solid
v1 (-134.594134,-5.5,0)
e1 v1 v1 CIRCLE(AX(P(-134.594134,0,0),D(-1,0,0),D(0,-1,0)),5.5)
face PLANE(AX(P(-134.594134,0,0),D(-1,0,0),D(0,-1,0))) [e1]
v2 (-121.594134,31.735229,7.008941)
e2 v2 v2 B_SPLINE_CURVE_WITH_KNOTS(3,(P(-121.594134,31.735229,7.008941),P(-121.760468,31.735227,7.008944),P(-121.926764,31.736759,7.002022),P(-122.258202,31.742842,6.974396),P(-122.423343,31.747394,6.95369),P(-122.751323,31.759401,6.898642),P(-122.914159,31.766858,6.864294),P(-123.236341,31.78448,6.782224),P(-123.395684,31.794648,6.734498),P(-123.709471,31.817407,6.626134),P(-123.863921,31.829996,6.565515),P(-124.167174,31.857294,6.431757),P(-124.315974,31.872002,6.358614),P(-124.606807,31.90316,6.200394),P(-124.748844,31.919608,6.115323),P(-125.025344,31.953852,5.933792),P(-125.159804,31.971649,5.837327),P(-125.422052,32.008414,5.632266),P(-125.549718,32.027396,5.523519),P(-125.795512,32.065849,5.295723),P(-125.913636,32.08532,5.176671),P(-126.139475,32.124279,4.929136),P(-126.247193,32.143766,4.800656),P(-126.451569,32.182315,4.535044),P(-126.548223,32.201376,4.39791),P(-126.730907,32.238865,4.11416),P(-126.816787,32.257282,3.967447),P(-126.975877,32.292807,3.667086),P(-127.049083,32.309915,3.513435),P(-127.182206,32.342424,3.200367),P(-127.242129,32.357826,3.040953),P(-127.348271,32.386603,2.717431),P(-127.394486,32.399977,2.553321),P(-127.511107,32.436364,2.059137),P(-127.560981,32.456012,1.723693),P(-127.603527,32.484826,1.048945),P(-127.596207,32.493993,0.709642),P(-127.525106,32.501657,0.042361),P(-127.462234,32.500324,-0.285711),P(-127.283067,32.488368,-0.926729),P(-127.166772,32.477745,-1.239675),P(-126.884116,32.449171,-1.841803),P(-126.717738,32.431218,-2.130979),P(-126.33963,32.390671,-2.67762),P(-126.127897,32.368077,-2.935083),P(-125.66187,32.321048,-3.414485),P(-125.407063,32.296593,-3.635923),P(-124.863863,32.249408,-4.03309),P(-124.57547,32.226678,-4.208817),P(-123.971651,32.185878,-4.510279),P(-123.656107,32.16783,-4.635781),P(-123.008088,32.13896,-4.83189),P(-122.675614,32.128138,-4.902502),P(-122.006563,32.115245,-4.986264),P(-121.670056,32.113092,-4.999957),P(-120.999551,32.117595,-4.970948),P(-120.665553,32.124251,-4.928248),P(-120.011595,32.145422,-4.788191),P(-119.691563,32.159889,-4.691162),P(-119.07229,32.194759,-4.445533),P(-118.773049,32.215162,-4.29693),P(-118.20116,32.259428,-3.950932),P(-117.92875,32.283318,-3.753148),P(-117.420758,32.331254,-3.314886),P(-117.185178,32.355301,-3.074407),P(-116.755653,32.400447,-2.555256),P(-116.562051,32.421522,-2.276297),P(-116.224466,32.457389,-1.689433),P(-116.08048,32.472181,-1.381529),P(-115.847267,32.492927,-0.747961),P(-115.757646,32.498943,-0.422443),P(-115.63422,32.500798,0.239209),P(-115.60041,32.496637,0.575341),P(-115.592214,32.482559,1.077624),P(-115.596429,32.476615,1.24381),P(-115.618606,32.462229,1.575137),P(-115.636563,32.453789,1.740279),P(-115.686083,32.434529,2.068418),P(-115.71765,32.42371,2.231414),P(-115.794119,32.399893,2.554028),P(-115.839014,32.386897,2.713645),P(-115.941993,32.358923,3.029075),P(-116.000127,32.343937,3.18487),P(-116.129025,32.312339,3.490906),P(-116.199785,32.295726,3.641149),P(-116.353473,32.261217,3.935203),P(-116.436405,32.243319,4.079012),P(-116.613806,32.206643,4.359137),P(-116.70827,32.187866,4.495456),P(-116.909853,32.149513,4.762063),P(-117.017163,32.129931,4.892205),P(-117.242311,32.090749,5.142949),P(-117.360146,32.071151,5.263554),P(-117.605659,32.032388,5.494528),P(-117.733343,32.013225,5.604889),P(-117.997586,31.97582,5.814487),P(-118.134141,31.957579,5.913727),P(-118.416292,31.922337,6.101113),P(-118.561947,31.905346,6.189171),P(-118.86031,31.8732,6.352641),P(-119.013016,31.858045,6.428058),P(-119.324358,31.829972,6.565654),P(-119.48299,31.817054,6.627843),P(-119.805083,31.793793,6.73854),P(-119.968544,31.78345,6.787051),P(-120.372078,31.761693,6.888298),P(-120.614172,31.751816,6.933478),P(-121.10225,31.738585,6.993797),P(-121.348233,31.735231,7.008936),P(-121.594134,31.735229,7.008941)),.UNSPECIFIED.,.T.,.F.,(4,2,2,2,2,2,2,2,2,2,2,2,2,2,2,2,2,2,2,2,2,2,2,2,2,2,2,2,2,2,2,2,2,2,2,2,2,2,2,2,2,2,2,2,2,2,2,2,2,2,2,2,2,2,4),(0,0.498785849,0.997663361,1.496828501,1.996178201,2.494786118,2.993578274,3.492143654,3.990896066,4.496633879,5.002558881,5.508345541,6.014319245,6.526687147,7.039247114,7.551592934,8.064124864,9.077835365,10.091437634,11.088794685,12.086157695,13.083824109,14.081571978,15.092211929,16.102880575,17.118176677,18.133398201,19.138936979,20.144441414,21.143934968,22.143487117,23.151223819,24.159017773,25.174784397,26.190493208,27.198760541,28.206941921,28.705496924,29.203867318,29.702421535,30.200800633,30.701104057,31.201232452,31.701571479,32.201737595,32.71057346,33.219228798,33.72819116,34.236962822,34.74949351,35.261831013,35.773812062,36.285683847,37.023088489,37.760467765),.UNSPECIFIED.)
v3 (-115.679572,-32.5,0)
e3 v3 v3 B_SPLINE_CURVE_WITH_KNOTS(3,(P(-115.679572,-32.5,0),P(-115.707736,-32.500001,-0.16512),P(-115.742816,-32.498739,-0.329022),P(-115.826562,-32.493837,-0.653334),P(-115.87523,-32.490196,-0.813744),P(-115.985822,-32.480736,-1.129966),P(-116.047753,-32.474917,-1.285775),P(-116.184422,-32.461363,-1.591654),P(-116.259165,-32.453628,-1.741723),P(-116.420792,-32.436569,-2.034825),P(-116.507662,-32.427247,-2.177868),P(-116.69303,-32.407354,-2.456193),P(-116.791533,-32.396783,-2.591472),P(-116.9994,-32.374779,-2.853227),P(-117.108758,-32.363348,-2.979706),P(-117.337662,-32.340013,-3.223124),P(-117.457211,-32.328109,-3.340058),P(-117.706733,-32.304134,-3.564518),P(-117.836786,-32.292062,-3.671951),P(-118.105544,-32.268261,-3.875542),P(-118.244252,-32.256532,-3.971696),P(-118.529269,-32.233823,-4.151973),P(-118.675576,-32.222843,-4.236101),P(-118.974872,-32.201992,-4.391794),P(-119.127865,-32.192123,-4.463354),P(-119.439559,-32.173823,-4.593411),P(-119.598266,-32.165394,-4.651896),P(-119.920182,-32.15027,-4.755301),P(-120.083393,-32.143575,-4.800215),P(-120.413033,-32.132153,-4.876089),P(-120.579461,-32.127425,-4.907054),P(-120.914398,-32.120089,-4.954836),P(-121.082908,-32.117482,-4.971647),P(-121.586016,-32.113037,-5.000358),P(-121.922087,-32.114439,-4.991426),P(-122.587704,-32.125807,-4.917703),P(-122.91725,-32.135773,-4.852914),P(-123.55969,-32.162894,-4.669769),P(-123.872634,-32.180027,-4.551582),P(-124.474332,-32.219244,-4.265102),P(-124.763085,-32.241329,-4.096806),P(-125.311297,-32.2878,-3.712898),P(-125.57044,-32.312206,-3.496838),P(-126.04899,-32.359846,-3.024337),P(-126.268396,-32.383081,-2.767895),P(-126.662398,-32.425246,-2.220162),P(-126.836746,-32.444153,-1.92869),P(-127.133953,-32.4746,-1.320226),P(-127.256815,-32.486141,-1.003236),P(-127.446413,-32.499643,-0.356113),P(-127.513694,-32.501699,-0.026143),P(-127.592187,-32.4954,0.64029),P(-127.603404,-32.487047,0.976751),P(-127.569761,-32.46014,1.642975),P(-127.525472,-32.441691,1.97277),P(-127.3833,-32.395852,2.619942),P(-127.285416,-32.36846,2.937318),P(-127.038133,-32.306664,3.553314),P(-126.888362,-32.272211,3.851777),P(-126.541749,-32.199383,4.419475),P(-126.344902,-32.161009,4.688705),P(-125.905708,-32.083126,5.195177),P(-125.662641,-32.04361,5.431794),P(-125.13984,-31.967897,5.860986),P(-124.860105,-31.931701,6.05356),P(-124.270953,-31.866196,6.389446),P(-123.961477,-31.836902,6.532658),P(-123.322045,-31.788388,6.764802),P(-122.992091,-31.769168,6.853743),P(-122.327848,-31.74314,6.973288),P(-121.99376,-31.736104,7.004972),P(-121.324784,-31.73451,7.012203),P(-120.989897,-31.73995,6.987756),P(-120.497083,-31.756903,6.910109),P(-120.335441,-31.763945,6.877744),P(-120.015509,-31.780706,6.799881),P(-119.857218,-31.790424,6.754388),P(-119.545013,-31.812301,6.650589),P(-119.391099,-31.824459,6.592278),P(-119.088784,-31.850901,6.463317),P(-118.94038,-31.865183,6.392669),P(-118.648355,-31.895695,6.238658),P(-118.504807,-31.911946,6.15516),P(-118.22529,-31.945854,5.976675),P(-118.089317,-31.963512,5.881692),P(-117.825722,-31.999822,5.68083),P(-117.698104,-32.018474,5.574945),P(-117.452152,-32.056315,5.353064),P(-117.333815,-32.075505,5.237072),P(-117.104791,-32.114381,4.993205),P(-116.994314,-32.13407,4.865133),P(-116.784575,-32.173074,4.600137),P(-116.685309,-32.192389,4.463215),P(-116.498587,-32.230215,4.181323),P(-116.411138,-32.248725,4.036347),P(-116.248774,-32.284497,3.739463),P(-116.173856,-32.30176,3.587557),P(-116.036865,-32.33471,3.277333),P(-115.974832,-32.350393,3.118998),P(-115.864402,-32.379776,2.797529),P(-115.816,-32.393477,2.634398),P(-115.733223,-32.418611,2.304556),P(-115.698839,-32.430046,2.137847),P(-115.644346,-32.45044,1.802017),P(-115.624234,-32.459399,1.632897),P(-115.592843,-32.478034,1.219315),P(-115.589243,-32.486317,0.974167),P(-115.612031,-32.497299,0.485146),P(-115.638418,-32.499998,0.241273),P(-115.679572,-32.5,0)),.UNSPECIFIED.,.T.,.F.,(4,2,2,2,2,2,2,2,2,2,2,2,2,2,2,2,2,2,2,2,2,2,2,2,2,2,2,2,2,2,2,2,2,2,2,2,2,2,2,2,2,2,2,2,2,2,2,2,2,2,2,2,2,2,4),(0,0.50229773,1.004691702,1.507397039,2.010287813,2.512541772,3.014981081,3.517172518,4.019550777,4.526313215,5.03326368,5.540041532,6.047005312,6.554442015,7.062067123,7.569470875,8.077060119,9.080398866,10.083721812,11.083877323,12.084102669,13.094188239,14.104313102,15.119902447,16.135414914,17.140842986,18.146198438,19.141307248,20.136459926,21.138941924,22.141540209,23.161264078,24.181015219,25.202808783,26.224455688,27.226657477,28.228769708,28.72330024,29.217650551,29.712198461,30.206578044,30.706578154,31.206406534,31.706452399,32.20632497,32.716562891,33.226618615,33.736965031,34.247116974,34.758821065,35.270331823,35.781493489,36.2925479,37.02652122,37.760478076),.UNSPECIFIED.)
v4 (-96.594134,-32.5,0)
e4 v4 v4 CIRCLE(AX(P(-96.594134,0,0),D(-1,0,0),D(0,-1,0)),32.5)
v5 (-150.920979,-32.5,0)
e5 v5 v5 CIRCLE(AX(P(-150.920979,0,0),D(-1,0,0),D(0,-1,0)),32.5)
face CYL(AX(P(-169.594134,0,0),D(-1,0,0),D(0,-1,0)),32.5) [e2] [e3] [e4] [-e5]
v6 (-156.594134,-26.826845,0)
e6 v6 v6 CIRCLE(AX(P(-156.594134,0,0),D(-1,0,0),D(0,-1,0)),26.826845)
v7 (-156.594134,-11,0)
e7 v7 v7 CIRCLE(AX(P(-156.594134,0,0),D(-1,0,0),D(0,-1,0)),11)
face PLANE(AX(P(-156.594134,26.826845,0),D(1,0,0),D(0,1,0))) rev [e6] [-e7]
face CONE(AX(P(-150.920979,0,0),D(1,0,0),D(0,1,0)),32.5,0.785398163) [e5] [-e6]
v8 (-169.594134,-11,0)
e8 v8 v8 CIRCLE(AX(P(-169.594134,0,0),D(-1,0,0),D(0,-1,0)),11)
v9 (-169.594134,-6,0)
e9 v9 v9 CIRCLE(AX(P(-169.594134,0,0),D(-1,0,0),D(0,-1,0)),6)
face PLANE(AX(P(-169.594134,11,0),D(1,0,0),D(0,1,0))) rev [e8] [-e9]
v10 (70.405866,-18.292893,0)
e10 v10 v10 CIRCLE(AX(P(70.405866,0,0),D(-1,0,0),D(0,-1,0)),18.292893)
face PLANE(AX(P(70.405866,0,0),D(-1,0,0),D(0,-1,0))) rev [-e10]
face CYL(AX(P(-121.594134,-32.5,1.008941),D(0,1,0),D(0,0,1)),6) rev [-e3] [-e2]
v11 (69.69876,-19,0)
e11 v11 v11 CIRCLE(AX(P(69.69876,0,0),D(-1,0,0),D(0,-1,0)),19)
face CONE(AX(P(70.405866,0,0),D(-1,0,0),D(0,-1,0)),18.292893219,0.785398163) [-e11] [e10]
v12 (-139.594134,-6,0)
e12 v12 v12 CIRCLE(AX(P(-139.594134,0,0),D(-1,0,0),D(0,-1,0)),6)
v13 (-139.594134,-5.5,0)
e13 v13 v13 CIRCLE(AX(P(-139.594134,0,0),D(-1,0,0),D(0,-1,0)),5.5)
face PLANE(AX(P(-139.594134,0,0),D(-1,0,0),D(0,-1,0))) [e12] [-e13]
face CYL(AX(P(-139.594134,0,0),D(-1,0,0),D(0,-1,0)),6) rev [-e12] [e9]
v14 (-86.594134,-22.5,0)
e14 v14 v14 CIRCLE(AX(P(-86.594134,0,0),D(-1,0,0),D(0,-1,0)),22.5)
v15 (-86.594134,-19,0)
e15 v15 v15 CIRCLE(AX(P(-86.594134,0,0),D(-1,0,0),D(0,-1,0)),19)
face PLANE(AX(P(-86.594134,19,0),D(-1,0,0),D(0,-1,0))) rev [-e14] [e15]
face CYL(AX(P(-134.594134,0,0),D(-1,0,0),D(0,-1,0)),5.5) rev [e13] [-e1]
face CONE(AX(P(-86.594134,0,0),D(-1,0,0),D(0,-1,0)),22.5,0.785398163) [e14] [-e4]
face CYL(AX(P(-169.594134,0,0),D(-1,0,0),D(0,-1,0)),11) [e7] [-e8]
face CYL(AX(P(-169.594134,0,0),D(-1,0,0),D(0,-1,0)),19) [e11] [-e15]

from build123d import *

# Parameters (mm, degrees)
SKETCH2_R               = 6
CUT_EXTRUDE1_DEPTH      = 33.5
CUT_EXTRUDE1_DEPTH_BACK = 33.5
SKETCH3_R               = 6
CUT_EXTRUDE2_DEPTH      = 30
SKETCH5_R               = 5.5
CUT_EXTRUDE4_DEPTH      = 5


with BuildPart() as part:
    # Sketch1 → Revolve2 (revolve)
    with BuildSketch(Plane.XY):
        Polygon((70.405866489, 0), (70.405866489, 18.292893219), (69.698759708, 19), (-86.594133511, 19), (-86.594133511, 22.5), (-96.594133511, 32.5), (-150.920978651, 32.5), (-156.594133511, 26.82684514), (-156.594133511, 11), (-169.594133511, 11), (-169.594133511, 0), align=None)
    revolve(axis=Axis((-169.594133511, 0, 0), (1, 0, 0)))

    # Sketch2 → Cut-Extrude1 (cut, two sides)
    with BuildSketch(Plane(origin=(0, 0, 0), x_dir=(1, 0, 0), z_dir=(0, 1, 0))) as cut_extrude1_sk:
        with Locations((-121.594133511, -1.00894074)):
            Circle(SKETCH2_R)
    extrude(amount=CUT_EXTRUDE1_DEPTH, mode=Mode.SUBTRACT)
    extrude(cut_extrude1_sk.sketch, amount=-CUT_EXTRUDE1_DEPTH_BACK, mode=Mode.SUBTRACT)

    # Sketch3 → Cut-Extrude2 (cut)
    with BuildSketch(Plane.ZY.offset(169.594133511)):
        Circle(SKETCH3_R)
    extrude(amount=-CUT_EXTRUDE2_DEPTH, mode=Mode.SUBTRACT)

    # Sketch5 → Cut-Extrude4 (cut)
    with BuildSketch(Plane.ZY.offset(139.594133511)):
        Circle(SKETCH5_R)
    extrude(amount=-CUT_EXTRUDE4_DEPTH, mode=Mode.SUBTRACT)


solid = part.part
